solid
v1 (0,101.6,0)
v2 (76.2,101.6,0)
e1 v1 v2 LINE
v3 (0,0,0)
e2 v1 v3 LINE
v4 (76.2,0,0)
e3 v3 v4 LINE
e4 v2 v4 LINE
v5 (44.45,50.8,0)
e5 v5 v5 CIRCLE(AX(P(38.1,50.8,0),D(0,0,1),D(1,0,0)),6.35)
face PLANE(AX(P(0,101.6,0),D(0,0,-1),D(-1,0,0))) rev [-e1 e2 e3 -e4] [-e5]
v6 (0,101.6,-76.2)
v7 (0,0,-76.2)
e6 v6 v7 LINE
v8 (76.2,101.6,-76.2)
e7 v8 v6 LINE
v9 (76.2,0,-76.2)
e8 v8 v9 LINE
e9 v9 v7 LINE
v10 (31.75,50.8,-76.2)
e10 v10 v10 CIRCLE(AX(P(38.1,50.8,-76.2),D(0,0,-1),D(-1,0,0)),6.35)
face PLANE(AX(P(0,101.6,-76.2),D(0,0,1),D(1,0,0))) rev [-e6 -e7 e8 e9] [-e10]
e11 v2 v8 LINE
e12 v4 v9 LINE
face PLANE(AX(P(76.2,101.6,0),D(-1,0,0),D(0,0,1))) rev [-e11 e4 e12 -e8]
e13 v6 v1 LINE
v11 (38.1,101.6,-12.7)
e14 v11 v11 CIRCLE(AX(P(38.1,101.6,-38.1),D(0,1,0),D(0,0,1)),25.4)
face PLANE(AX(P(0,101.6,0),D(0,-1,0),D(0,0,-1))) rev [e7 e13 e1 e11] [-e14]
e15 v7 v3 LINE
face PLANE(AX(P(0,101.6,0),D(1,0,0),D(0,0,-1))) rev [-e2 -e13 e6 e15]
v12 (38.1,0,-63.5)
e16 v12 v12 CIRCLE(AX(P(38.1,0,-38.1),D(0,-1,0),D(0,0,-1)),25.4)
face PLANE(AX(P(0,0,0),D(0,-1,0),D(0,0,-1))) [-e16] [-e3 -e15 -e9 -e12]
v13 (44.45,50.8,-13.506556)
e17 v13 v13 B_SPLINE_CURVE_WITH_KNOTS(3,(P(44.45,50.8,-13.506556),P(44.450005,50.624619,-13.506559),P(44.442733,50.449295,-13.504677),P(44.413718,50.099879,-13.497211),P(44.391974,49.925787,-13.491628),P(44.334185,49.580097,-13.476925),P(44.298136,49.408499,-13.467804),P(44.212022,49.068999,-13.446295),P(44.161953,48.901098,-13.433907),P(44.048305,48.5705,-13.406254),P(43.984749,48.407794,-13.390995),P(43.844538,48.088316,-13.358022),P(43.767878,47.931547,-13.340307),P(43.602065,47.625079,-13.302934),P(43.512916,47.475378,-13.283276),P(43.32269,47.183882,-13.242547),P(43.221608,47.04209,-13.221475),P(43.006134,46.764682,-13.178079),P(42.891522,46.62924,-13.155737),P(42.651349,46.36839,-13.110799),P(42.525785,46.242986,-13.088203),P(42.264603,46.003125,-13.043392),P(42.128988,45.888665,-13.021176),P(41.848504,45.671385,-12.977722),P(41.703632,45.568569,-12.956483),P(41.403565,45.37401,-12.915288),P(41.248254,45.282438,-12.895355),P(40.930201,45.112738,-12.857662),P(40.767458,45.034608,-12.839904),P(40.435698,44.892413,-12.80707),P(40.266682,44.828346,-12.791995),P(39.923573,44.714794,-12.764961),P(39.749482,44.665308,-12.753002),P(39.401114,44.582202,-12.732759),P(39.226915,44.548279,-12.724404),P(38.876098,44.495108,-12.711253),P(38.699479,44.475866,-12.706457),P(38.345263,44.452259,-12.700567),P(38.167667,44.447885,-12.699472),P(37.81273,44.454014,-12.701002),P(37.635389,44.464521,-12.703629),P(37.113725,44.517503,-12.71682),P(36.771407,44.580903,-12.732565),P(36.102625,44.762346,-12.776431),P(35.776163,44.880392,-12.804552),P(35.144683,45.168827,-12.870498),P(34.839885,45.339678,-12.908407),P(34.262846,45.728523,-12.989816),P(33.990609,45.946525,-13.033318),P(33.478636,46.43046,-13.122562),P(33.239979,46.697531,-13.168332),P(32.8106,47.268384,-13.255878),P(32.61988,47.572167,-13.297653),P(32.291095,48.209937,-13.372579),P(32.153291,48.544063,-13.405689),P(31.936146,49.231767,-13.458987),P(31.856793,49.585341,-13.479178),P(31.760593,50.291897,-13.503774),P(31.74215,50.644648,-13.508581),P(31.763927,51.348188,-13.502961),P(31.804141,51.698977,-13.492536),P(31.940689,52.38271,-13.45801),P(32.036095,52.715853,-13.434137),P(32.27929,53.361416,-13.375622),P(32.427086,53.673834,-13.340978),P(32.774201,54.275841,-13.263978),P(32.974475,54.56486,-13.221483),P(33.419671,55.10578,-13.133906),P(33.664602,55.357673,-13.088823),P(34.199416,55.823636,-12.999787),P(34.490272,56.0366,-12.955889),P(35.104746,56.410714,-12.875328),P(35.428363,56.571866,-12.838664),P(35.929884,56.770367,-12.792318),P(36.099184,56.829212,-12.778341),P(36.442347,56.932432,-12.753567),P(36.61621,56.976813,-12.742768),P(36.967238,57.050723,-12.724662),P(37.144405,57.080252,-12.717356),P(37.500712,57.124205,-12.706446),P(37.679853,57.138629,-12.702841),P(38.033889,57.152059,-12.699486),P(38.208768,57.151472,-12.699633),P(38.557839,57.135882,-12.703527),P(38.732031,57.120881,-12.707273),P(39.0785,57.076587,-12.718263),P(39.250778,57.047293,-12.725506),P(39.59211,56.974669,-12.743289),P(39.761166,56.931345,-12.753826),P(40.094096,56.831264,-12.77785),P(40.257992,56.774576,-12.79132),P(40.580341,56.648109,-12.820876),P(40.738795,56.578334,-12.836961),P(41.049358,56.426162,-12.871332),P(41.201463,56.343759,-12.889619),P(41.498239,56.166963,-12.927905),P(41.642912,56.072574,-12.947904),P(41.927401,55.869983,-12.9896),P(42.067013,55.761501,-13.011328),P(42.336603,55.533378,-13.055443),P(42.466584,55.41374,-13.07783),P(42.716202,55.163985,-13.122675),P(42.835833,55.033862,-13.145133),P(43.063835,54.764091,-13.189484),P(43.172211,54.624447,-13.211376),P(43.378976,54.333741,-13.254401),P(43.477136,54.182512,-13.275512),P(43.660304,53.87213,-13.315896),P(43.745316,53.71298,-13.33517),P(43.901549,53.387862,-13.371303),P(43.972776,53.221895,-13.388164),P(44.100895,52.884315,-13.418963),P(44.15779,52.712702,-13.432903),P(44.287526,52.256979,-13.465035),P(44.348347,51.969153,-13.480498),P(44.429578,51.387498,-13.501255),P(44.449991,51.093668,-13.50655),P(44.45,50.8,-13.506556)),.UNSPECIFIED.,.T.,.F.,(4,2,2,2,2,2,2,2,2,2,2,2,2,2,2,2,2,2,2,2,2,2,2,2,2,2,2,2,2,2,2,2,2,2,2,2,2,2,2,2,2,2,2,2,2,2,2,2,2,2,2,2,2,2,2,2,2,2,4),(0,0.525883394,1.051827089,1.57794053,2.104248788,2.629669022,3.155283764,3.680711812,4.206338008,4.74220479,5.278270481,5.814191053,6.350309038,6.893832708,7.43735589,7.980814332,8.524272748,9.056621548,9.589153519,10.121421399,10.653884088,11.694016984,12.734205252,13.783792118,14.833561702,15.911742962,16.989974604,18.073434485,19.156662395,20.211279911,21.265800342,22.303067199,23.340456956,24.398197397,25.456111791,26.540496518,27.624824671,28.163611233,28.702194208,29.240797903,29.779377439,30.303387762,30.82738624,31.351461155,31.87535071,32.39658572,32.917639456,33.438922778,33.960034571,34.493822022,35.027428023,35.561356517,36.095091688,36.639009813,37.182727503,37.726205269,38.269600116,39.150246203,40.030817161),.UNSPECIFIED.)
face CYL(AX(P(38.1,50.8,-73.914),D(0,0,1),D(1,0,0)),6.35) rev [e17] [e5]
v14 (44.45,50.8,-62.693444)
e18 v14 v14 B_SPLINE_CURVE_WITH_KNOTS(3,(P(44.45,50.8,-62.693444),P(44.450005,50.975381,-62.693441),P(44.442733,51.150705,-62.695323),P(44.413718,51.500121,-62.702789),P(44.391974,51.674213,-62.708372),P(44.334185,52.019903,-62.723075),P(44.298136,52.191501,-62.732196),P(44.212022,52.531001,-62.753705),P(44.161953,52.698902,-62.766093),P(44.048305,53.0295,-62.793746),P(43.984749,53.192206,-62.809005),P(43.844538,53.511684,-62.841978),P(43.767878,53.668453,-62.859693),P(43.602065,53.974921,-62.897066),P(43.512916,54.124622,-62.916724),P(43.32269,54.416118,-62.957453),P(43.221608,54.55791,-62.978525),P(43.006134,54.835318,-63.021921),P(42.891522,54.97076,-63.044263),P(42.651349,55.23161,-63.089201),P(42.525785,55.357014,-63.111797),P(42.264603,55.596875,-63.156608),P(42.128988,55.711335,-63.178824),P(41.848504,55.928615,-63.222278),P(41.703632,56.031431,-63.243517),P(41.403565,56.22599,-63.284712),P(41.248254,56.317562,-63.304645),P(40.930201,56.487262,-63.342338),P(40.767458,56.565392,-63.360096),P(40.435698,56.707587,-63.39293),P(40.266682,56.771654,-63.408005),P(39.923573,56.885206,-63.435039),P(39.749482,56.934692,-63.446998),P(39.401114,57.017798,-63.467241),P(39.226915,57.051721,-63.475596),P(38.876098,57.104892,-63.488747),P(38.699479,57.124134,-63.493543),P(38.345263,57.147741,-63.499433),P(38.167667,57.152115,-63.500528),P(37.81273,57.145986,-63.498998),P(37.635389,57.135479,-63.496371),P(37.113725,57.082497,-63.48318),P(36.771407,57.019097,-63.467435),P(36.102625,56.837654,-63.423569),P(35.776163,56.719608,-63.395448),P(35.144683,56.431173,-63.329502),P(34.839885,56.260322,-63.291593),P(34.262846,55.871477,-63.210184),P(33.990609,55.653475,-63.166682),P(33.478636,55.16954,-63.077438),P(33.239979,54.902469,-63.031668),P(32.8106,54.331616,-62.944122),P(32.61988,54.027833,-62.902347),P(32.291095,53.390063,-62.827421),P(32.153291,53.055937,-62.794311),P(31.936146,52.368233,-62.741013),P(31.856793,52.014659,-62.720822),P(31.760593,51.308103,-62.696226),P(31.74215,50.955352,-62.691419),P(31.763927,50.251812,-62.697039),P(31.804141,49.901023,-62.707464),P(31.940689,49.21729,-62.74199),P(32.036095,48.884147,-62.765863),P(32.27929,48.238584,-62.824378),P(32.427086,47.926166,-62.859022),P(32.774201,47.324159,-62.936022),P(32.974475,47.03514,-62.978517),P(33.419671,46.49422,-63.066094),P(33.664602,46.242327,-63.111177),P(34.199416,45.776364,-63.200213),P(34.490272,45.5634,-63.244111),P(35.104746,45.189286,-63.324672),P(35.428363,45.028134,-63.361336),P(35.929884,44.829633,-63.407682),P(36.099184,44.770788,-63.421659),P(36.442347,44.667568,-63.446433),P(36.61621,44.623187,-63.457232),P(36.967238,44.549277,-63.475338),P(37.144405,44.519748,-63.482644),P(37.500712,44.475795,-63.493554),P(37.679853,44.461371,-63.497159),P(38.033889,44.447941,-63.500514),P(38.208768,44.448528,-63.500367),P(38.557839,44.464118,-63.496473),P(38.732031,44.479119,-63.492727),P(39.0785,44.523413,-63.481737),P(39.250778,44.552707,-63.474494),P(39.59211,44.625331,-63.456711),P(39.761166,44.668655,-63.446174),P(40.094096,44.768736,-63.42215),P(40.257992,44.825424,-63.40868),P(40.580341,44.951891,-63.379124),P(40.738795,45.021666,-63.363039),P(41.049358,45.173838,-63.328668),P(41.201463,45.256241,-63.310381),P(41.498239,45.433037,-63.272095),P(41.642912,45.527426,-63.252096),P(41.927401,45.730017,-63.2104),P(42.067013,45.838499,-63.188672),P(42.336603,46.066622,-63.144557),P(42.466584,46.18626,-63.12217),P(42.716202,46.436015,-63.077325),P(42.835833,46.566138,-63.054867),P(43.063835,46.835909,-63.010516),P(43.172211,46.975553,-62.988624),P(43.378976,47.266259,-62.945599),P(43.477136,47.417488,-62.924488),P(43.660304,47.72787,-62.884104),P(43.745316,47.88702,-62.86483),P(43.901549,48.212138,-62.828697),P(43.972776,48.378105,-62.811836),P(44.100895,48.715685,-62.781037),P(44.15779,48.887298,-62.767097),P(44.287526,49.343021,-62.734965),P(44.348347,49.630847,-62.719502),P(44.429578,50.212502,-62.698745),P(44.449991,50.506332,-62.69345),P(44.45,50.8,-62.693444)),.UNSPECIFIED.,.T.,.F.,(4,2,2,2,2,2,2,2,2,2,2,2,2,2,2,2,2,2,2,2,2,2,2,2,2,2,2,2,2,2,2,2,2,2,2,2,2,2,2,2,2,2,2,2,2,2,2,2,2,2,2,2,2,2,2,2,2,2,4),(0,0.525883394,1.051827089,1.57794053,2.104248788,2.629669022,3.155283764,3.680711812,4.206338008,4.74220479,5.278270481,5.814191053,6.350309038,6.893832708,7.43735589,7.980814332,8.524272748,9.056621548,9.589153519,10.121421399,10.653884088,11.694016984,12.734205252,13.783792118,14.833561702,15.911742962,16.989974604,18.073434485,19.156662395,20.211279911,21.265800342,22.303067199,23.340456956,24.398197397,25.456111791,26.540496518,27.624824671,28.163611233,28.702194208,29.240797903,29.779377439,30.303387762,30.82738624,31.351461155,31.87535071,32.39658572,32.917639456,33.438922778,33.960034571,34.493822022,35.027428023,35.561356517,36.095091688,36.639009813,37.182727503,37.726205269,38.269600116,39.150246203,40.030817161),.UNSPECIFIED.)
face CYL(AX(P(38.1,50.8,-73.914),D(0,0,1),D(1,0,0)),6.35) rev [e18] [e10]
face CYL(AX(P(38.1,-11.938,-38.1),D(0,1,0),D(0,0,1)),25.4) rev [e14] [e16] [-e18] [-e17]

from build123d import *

# Parameters (mm, degrees)
SKETCH3_W           = 76.2
SKETCH3_H           = 76.2
BOSS_EXTRUDE2_DEPTH = 101.6
SKETCH4_R           = 6.35
CUT_EXTRUDE2_DEPTH  = 73.914
SKETCH5_R           = 25.4
CUT_EXTRUDE3_DEPTH  = 113.538
SKETCH7_R           = 6.35
CUT_EXTRUDE4_DEPTH  = 18.034


with BuildPart() as part:
    # Sketch3 → Boss-Extrude2 (new body)
    with BuildSketch(Plane(origin=(0, 0, 0), x_dir=(1, 0, 0), z_dir=(0, 1, 0))):
        with Locations((38.1, 38.1)):
            Rectangle(SKETCH3_W, SKETCH3_H)
    extrude(amount=BOSS_EXTRUDE2_DEPTH)

    # Sketch4 → Cut-Extrude2 (cut)
    with BuildSketch(Plane.XY):
        with Locations((38.1, 50.8)):
            Circle(SKETCH4_R)
    extrude(amount=-CUT_EXTRUDE2_DEPTH, mode=Mode.SUBTRACT)

    # Sketch5 → Cut-Extrude3 (cut)
    with BuildSketch(Plane(origin=(0, 101.6, 0), x_dir=(1, 0, 0), z_dir=(0, 1, 0))):
        with Locations(Location((38.1, 38.1, 0), (0, 0, 270))):
            Circle(SKETCH5_R)
    extrude(amount=-CUT_EXTRUDE3_DEPTH, mode=Mode.SUBTRACT)

    # Sketch7 → Cut-Extrude4 (cut)
    with BuildSketch(Plane(origin=(0, 0, -76.2), x_dir=(-1, 0, 0), z_dir=(0, 0, -1))):
        with Locations(Location((-38.1, 50.8, 0), (0, 0, 180))):
            Circle(SKETCH7_R)
    extrude(amount=-CUT_EXTRUDE4_DEPTH, mode=Mode.SUBTRACT)


solid = part.part
